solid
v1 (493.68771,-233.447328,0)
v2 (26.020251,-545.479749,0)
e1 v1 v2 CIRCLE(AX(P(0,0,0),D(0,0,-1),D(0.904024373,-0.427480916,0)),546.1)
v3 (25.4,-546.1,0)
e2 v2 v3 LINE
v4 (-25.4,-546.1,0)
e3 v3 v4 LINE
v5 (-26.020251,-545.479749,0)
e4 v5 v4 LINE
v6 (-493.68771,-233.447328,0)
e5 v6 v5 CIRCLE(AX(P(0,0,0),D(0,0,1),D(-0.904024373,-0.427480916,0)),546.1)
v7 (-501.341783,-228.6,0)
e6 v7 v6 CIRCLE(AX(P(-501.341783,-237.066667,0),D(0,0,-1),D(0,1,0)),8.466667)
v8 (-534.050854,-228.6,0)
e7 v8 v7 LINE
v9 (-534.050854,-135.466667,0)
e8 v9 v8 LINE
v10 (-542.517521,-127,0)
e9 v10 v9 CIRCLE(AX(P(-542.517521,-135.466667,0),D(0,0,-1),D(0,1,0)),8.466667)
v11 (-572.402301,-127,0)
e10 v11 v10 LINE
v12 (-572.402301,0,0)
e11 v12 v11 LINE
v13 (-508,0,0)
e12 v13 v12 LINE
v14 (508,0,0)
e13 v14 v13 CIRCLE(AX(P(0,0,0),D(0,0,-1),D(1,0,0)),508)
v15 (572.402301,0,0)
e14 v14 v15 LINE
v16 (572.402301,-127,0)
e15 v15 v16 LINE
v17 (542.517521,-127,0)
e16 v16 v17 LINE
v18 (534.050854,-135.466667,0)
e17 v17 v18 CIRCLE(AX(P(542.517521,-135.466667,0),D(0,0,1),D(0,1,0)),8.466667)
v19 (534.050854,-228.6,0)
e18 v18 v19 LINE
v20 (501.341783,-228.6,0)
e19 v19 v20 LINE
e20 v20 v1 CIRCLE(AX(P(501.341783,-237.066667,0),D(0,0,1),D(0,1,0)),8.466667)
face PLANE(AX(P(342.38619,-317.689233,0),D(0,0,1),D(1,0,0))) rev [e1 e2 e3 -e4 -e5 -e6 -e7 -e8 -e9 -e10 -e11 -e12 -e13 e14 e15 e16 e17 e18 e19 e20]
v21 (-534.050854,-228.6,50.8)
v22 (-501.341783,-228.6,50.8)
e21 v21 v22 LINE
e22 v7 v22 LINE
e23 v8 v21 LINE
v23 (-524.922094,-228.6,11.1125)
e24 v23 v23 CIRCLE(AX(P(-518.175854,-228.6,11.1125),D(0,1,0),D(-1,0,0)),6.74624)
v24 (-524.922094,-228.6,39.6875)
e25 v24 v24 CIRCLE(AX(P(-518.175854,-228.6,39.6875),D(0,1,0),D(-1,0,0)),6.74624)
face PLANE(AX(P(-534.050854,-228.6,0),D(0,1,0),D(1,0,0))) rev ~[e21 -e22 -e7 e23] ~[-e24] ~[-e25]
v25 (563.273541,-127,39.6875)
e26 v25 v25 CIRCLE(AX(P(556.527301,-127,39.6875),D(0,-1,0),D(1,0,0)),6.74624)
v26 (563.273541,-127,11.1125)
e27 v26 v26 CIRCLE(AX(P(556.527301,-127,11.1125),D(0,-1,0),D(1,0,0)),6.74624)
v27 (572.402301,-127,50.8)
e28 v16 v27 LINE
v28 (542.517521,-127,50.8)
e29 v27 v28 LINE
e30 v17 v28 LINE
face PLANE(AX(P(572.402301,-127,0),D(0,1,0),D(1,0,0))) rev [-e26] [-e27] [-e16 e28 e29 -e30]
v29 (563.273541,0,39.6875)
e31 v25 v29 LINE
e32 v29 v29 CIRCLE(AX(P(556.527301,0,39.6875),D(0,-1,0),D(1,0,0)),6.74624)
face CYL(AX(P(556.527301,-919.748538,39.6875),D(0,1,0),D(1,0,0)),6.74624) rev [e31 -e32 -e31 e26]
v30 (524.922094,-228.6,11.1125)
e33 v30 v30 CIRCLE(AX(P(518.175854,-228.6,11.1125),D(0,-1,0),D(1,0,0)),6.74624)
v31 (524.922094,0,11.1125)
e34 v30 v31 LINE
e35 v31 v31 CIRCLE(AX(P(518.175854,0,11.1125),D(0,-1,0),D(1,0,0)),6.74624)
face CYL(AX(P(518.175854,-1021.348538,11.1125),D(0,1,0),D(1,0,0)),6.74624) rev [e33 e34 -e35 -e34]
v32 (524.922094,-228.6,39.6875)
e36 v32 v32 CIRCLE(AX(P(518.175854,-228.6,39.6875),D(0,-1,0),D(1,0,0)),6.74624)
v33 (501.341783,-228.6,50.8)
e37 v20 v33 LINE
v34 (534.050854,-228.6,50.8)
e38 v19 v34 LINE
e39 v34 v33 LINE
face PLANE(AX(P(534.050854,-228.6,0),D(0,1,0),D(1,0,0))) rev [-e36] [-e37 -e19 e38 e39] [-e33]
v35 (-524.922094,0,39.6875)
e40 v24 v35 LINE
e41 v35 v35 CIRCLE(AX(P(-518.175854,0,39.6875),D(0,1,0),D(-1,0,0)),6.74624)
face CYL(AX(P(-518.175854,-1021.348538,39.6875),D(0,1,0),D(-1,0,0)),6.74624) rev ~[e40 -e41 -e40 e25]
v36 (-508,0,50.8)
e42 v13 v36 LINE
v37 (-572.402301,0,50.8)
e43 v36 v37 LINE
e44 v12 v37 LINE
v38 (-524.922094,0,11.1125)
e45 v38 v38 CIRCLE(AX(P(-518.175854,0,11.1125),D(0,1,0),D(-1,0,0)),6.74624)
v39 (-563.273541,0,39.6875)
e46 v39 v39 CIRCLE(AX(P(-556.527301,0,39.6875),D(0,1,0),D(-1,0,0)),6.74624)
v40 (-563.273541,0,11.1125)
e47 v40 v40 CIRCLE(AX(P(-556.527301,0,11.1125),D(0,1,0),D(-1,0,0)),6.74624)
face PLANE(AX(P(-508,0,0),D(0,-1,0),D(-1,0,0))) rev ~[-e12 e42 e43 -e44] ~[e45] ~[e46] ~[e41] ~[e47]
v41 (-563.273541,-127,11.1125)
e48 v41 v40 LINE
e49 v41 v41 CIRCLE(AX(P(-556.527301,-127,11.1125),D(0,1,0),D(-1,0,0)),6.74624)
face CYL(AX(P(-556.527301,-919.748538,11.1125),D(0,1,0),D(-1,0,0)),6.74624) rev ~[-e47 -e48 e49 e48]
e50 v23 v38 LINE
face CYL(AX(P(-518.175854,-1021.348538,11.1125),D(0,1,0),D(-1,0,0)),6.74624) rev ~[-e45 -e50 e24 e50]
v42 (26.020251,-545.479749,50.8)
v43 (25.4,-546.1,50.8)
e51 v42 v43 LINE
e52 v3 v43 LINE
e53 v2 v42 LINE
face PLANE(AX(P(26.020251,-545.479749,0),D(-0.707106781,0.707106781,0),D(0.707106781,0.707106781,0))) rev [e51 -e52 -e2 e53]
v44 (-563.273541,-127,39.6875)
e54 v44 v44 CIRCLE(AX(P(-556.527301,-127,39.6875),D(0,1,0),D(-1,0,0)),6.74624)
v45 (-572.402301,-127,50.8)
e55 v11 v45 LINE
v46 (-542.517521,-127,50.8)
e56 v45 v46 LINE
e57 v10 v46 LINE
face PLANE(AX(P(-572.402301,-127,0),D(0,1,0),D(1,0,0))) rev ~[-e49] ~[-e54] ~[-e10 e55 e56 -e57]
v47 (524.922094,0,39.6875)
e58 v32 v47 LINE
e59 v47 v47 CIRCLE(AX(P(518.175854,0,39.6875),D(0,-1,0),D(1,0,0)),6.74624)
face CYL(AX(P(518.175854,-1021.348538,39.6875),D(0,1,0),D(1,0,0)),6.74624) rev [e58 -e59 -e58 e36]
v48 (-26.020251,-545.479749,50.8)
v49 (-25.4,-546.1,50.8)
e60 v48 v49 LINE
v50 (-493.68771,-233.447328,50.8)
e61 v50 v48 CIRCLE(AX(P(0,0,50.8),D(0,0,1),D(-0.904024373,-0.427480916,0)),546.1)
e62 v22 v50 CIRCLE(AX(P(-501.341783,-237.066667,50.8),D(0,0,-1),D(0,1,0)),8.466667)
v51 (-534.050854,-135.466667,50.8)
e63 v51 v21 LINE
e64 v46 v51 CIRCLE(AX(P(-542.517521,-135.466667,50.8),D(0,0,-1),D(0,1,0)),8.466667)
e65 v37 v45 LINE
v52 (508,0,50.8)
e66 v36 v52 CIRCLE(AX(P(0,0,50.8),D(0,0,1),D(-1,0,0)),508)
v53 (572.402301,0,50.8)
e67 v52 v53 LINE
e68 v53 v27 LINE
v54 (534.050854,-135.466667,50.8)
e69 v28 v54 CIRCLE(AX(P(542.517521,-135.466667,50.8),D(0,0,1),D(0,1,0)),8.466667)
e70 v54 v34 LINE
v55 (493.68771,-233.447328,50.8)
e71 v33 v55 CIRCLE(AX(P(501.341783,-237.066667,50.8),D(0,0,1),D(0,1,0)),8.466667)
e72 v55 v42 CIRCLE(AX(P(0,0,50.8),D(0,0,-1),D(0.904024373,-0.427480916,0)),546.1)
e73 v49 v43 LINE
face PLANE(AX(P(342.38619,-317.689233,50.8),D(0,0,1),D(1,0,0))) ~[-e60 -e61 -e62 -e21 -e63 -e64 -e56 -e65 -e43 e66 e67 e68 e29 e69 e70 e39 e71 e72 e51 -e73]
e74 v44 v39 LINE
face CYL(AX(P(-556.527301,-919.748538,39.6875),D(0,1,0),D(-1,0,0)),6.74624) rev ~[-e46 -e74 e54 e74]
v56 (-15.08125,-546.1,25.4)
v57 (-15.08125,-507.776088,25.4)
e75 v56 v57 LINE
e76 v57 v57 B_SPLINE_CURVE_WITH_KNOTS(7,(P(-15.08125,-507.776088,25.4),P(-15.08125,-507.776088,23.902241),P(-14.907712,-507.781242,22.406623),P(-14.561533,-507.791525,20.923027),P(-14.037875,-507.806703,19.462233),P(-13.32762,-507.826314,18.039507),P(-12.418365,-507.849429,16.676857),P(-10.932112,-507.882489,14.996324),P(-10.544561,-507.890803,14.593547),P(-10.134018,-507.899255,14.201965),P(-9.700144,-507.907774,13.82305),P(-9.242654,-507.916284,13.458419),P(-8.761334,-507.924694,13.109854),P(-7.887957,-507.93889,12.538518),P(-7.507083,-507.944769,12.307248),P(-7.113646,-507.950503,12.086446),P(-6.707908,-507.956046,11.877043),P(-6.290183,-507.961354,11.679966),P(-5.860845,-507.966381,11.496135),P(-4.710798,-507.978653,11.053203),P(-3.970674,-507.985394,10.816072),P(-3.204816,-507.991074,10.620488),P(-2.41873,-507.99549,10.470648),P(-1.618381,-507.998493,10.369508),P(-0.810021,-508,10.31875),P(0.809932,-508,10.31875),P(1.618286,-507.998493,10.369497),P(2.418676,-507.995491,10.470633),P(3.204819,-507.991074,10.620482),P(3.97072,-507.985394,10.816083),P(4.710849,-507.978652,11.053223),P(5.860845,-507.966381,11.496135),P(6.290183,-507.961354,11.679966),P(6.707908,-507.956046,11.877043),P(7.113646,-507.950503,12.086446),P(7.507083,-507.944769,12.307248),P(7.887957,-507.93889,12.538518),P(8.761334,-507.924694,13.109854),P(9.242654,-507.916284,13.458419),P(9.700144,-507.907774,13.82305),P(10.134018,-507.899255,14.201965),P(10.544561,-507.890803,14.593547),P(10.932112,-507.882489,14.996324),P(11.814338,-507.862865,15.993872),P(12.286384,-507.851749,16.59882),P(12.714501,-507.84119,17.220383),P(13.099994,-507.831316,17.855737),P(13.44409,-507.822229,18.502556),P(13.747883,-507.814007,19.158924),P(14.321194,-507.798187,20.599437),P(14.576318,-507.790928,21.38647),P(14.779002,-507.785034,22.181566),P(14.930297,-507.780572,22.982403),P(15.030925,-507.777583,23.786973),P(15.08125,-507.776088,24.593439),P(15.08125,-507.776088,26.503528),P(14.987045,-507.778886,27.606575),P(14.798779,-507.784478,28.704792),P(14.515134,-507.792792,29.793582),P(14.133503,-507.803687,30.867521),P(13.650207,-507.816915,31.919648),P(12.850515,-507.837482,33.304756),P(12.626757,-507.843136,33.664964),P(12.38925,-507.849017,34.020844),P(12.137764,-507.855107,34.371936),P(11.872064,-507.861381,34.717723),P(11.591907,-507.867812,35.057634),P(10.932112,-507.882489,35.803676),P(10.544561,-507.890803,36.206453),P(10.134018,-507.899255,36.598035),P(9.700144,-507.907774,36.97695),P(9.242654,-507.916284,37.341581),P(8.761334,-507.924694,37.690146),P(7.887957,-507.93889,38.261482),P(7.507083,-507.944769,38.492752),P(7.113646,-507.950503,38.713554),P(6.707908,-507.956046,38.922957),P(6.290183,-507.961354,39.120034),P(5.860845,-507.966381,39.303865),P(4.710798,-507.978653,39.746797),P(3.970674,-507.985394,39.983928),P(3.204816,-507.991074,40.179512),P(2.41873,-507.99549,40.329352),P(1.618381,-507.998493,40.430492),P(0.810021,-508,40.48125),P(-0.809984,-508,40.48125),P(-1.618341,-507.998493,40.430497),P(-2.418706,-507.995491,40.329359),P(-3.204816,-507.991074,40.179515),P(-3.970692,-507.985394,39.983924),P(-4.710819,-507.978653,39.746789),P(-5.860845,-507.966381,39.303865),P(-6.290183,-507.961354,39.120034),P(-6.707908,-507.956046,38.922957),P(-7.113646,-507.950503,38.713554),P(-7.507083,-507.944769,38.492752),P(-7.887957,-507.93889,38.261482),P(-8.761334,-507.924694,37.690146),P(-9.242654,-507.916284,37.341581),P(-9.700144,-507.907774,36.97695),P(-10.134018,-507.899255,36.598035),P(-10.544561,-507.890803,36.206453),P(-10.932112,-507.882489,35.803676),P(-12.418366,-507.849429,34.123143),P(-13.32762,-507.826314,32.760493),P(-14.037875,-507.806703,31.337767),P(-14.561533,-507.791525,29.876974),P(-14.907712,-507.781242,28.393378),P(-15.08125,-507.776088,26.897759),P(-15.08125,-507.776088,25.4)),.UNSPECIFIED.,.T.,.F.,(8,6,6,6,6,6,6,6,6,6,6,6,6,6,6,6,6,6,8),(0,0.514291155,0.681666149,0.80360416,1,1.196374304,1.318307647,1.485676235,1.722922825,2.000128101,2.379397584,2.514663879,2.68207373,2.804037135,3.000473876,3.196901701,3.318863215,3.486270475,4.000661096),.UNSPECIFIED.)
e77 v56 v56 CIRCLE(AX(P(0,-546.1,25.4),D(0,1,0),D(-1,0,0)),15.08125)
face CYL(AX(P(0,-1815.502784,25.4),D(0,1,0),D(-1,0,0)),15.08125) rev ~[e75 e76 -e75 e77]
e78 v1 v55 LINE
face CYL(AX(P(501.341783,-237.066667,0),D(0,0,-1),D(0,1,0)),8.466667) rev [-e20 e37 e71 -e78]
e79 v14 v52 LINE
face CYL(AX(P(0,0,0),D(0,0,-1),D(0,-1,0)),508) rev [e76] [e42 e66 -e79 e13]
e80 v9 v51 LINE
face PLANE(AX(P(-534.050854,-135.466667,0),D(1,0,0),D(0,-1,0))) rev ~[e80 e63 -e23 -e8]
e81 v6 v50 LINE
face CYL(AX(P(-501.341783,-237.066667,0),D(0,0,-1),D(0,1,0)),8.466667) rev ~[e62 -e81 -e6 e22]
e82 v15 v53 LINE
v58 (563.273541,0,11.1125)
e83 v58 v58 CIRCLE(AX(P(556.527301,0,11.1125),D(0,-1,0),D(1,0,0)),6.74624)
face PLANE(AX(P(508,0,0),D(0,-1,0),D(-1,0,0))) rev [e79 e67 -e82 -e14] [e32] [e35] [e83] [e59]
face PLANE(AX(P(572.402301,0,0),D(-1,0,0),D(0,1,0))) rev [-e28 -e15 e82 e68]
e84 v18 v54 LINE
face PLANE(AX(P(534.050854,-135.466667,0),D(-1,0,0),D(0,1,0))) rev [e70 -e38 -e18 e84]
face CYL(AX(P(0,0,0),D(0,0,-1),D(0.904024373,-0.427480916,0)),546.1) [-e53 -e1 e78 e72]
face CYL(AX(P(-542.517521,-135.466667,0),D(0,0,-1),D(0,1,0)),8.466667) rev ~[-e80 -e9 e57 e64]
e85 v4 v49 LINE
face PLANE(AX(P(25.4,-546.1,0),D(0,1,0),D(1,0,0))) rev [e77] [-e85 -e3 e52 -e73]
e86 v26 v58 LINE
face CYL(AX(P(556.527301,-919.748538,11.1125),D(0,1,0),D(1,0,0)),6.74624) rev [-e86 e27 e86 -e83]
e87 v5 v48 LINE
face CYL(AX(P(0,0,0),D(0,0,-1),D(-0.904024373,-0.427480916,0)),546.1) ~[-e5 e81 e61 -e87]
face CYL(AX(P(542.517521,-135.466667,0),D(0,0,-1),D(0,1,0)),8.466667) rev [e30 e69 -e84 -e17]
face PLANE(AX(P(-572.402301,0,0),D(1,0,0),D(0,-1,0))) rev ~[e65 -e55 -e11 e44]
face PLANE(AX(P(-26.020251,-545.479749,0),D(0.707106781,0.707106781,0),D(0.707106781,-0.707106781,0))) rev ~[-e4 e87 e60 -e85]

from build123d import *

# Parameters (mm, degrees)
F1_DEPTH = 50.8
F4_D     = 13.49248
F5_D     = 13.49248
F8_D     = 30.1625


with BuildPart() as f1:
    # F0 (on Top) → F1 (new body)
    with BuildSketch(Plane.XY):
        with BuildLine():
            ThreePointArc((0, -508), (-359.2102448428, -359.2102448428), (-508, 0))
            Line((-508, 0), (-546.1, 0))
            Line((-546.1, 0), (-572.4023011247, 0))
            Line((-572.4023011247, 0), (-572.4023011247, -127))
            Line((-572.4023011247, -127), (-542.5175210867, -127))
            ThreePointArc((-542.5175210867, -127), (-536.5306836727, -129.4798292526), (-534.0508544201, -135.4666666667))
            Line((-534.0508544201, -135.4666666667), (-534.0508544201, -228.6))
            Line((-534.0508544201, -228.6), (-501.3417829518, -228.6))
            ThreePointArc((-501.3417829518, -228.6), (-496.8118429706, -229.9137589914), (-493.6877099297, -233.4473282443))
            ThreePointArc((-493.6877099297, -233.4473282443), (-303.0926410641, -454.2687100525), (-26.02025103, -545.47974897))
            Line((-26.02025103, -545.47974897), (-25.4, -546.1))
            Line((-25.4, -546.1), (0, -546.1))
            Line((0, -546.1), (0, -508))
        make_face()
    extrude(amount=F1_DEPTH)

    # F4 (through all)
    with Locations(Plane.XZ.offset(127)):
        with Locations((-556.5273011247, 11.1125), (-556.5273011247, 39.6875)):
            Hole(F4_D / 2)

    # F5 (through all)
    with Locations(Plane.XZ.offset(228.6)):
        with Locations((-518.1758544201, 39.6875), (-518.1758544201, 11.1125)):
            Hole(F5_D / 2)

    # F6: F1 across plane


with BuildPart() as f1_1:
    add(f1.part)
    add(f1.part.mirror(Plane.YZ))

    # F8 (through all)
    with Locations(Plane.XZ.offset(546.1)):
        with Locations((0, 25.4)):
            Hole(F8_D / 2)


solid = f1_1.part
